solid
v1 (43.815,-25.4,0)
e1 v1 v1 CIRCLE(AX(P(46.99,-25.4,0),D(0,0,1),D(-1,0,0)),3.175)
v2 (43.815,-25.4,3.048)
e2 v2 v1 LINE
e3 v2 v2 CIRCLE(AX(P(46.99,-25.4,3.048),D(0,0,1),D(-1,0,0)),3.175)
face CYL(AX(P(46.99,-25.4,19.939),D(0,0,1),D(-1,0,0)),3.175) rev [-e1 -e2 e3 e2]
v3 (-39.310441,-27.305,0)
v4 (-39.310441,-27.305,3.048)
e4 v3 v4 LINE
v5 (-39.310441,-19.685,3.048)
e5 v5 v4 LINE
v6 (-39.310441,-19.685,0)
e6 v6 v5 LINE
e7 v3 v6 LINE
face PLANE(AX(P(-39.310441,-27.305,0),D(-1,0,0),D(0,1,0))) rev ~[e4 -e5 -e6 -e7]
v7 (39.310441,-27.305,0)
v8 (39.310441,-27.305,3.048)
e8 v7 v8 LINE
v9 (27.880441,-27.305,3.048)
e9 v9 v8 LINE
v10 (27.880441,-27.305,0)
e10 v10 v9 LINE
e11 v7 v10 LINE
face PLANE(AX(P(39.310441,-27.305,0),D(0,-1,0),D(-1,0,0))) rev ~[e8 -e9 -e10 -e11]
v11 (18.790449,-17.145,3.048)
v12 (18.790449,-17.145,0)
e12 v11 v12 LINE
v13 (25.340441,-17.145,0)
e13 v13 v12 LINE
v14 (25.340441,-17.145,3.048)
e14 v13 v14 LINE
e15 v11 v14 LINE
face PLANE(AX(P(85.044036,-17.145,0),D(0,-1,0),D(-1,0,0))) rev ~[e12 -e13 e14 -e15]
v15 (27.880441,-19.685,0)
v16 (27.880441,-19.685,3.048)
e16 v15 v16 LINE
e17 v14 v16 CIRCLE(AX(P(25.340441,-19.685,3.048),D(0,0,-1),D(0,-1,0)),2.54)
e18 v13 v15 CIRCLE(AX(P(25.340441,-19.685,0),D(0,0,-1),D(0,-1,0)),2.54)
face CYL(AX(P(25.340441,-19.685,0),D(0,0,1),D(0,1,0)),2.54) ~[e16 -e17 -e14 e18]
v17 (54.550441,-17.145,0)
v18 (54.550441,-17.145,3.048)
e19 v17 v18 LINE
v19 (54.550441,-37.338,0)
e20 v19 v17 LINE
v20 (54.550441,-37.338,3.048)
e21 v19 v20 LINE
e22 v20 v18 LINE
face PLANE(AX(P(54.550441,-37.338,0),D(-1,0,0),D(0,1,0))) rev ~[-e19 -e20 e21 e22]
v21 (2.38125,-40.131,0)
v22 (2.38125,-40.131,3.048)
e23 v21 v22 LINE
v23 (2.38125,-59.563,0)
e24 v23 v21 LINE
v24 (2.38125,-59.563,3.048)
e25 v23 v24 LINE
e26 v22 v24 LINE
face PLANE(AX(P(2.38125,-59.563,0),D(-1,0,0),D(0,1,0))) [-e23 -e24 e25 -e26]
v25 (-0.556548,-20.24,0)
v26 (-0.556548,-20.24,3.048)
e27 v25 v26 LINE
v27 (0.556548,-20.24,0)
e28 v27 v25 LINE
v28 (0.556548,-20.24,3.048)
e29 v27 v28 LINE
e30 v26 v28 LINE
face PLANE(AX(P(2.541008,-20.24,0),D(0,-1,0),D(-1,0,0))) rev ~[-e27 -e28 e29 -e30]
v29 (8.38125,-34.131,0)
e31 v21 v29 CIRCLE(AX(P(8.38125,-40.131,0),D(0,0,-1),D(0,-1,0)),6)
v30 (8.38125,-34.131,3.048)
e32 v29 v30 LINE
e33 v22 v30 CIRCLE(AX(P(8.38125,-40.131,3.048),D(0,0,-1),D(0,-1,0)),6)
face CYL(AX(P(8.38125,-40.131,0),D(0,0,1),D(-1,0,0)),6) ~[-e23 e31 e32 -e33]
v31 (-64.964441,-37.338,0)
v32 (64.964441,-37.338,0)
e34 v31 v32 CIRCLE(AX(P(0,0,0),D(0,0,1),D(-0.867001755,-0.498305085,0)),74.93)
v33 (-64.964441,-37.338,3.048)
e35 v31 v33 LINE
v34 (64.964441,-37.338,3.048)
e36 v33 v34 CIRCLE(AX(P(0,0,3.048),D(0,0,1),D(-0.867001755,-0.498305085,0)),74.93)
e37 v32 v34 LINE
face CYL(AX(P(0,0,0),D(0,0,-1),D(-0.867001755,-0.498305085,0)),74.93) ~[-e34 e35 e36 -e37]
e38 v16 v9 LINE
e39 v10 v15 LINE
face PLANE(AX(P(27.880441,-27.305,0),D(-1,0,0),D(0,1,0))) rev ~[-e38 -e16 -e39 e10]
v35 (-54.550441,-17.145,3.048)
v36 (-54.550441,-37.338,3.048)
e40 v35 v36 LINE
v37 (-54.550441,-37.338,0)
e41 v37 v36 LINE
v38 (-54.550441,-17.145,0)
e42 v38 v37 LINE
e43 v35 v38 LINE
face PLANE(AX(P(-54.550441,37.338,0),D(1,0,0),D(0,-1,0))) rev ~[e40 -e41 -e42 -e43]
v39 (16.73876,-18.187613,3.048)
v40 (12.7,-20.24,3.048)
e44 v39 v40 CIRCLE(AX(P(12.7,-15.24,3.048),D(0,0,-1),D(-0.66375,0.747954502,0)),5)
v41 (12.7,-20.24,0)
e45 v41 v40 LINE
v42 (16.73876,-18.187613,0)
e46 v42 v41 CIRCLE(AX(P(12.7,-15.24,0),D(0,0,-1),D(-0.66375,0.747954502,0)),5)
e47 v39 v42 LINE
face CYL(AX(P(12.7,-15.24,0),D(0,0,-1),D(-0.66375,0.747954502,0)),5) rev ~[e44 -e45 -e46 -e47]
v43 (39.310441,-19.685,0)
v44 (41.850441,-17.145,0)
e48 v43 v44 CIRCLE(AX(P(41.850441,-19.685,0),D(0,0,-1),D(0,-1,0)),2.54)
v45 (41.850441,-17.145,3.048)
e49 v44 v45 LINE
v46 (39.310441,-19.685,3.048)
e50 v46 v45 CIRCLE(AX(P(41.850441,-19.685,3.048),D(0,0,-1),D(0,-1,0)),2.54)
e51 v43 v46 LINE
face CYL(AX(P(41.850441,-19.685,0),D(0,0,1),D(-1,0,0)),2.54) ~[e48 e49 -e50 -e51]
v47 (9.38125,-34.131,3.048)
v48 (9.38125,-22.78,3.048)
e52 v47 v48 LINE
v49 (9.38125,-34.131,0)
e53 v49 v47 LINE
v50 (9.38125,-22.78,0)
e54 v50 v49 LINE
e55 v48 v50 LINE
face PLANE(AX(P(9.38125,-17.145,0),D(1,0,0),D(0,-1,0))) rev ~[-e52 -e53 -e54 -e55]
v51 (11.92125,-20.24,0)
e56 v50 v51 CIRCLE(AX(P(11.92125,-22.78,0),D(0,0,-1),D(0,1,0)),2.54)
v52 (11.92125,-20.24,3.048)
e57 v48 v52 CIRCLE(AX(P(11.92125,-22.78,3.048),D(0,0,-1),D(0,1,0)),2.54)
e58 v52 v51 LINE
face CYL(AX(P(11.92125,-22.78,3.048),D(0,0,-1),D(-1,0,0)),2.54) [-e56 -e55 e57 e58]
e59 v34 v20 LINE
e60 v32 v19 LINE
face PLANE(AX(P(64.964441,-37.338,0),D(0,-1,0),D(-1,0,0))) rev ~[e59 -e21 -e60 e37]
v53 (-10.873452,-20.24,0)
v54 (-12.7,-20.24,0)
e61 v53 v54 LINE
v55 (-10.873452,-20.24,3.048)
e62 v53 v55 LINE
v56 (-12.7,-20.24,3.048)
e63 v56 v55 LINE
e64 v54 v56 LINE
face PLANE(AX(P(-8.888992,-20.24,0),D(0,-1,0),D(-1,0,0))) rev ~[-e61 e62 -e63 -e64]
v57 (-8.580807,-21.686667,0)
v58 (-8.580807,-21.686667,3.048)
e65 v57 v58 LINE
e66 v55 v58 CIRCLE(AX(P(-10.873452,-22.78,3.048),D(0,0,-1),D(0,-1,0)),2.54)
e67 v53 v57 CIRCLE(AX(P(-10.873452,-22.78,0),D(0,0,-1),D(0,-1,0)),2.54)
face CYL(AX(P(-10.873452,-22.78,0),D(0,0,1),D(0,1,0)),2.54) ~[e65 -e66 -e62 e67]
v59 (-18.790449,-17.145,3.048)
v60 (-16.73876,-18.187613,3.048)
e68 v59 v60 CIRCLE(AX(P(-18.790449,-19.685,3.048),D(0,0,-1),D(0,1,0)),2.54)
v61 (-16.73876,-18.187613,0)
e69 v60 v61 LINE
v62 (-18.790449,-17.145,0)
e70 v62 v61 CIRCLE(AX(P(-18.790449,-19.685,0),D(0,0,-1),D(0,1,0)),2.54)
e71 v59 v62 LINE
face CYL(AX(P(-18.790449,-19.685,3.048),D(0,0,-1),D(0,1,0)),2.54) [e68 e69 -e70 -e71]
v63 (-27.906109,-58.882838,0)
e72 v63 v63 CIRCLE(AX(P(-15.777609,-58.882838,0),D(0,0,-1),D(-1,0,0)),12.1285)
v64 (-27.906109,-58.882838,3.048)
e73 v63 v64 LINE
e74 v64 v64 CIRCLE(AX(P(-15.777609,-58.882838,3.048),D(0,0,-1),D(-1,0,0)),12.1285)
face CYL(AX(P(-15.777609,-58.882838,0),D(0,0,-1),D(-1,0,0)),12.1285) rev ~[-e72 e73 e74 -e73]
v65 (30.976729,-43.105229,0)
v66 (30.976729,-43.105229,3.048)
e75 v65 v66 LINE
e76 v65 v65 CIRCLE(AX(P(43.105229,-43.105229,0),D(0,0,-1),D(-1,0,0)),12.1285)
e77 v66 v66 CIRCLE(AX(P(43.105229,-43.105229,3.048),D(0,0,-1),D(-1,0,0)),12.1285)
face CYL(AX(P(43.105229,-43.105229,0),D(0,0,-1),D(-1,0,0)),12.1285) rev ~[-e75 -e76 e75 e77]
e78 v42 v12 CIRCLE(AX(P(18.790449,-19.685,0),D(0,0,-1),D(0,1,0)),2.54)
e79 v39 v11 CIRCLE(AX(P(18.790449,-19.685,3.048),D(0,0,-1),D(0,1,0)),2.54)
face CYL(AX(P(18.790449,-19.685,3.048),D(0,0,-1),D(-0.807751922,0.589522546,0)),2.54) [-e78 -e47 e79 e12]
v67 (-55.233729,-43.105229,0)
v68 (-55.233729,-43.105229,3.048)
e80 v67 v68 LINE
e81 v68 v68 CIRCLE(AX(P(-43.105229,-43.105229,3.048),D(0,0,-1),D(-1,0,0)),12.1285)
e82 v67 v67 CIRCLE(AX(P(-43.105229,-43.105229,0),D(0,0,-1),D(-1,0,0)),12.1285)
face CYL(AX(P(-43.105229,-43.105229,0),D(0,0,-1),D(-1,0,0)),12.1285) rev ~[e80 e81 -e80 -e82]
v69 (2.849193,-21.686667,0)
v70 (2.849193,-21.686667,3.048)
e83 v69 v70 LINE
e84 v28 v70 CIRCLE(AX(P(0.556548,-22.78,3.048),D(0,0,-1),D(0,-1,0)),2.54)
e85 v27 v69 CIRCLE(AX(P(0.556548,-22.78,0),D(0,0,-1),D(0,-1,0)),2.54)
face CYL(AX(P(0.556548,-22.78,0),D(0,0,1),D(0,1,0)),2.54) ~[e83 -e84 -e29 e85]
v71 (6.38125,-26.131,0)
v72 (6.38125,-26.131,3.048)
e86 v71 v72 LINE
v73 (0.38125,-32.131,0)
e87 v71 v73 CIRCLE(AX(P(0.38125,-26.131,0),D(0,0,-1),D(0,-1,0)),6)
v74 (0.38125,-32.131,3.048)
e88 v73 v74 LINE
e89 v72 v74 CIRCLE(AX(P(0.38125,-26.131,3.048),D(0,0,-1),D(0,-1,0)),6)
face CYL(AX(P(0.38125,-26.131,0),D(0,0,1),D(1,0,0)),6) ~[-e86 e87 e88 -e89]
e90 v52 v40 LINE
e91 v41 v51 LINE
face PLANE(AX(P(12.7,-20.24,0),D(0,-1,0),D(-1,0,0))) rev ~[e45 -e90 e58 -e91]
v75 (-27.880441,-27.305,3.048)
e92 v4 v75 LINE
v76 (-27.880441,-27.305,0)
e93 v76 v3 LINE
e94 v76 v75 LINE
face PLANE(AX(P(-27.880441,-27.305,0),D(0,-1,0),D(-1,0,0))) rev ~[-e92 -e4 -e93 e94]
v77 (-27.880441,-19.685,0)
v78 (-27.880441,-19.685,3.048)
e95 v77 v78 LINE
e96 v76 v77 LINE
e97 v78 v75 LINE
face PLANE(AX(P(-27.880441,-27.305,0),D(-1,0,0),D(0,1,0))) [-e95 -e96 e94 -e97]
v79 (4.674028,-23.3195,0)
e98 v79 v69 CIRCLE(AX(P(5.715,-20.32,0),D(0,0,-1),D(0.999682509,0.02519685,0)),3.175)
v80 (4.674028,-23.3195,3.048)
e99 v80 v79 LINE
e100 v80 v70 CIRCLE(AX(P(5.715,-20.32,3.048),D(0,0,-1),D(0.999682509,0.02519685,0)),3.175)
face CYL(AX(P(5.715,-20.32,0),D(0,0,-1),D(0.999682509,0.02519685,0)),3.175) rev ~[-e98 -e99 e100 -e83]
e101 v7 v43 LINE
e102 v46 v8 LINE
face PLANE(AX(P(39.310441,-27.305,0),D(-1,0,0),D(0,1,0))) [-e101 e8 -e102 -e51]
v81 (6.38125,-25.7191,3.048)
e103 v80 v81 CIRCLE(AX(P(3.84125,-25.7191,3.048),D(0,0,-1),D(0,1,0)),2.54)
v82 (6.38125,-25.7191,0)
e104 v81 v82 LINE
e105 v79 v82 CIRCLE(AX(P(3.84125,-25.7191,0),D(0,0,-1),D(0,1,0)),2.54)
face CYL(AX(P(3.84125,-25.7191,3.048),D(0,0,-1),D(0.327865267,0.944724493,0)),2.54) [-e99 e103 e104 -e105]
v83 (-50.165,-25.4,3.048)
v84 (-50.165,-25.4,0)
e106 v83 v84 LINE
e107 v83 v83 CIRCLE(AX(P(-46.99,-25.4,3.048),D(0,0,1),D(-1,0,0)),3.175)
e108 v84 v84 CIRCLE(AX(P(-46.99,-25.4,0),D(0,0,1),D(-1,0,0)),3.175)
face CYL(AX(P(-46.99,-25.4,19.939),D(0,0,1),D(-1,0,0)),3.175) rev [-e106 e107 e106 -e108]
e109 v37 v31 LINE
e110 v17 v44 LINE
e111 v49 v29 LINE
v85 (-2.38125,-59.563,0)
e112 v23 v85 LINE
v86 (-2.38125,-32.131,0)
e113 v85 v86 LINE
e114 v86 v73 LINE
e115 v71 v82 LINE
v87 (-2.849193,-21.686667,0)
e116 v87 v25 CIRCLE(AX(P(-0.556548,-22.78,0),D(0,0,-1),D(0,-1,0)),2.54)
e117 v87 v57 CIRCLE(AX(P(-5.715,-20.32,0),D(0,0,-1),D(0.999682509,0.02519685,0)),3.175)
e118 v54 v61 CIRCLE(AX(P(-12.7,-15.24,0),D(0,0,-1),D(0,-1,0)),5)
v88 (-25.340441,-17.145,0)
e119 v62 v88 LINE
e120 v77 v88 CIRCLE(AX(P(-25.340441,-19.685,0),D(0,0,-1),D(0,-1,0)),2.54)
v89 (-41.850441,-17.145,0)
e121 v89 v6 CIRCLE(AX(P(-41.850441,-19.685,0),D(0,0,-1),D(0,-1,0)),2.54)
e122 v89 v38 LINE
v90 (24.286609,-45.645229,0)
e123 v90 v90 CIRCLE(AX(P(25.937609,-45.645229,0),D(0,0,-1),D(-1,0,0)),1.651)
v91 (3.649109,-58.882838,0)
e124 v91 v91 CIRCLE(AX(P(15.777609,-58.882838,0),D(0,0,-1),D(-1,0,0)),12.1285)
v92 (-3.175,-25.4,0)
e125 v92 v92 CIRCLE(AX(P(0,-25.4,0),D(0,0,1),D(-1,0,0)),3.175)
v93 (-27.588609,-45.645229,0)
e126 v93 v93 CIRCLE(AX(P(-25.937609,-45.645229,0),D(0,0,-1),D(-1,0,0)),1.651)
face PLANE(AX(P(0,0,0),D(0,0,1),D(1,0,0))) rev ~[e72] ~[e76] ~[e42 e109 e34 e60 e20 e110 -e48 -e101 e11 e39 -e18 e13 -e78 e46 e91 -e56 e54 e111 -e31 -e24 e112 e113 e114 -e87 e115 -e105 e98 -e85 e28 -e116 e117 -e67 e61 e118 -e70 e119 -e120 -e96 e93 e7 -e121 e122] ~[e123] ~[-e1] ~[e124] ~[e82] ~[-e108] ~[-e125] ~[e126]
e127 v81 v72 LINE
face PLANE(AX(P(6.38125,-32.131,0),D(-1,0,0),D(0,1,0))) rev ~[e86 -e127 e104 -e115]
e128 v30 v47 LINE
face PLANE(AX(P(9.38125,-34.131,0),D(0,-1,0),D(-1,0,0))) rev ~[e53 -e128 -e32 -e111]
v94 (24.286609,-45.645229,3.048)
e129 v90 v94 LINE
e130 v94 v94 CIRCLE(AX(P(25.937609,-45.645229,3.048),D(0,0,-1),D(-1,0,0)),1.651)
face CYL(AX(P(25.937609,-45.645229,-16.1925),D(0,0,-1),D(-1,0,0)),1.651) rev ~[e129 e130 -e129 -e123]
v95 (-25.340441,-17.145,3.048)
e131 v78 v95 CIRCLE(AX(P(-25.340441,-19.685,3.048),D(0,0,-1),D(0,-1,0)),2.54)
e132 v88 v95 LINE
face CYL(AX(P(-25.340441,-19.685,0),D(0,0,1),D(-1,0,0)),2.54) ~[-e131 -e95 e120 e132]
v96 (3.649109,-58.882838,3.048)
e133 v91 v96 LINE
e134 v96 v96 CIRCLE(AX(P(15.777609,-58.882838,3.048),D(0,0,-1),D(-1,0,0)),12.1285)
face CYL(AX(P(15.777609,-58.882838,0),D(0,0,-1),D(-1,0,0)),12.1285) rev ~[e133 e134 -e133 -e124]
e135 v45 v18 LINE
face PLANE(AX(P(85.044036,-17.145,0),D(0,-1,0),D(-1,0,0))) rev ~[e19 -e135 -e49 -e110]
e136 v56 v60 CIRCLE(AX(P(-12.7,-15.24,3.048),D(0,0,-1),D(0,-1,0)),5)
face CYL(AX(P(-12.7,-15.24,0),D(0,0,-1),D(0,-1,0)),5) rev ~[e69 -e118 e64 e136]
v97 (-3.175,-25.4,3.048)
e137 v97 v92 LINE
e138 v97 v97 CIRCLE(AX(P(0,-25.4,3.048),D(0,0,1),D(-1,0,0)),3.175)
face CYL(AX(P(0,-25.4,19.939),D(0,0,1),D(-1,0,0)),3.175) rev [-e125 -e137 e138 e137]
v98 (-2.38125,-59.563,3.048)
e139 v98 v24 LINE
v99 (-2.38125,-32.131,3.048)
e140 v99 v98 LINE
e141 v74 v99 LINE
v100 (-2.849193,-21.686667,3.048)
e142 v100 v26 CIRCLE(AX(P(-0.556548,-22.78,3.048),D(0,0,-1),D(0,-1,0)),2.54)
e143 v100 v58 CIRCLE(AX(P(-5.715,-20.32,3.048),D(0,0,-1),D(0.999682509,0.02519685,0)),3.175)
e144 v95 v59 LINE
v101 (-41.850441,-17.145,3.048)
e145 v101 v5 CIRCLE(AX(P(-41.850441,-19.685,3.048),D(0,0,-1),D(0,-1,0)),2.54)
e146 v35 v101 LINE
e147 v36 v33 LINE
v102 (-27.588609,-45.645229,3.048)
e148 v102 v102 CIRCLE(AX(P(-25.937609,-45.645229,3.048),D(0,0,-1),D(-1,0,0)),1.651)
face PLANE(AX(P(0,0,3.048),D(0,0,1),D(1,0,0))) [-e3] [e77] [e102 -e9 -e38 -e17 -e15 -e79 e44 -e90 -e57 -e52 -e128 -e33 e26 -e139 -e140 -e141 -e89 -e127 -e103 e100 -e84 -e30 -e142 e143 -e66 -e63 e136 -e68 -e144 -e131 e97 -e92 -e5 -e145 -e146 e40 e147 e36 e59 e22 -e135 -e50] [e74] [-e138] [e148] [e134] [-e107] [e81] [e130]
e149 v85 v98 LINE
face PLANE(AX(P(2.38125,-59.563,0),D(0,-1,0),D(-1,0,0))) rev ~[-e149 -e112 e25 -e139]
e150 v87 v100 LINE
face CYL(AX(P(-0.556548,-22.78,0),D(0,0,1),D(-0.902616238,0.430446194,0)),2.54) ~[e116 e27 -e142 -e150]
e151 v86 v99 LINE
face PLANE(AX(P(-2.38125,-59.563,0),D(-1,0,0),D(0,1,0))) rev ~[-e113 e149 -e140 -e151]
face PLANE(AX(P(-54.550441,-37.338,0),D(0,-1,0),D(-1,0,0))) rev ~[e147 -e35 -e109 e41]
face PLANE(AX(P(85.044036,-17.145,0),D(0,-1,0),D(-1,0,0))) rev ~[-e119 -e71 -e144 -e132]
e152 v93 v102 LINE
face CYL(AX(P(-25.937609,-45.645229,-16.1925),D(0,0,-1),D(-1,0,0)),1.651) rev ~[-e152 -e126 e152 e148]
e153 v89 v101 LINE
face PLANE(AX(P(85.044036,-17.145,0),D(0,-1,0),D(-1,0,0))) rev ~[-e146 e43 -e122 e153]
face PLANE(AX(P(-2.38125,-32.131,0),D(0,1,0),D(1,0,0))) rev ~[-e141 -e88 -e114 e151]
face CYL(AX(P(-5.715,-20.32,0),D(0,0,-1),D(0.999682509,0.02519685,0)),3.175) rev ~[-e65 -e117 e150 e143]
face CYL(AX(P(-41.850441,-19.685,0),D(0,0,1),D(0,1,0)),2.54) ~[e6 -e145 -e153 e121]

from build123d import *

# Parameters (mm, degrees)
SKETCH1_R                 = 1.651
BOSS_EXTRUDE2_DEPTH       = 3.048
SKETCH2_R                 = 1.143
CUT_EXTRUDE1_DEPTH        = 4.048
SKETCH3_R                 = 12.1285
CUT_EXTRUDE2_DEPTH        = 4.048
SKETCH4_W                 = 28.562713242
SKETCH4_H                 = 11.677503754
BOSS_EXTRUDE3_DEPTH       = 3.048
SKETCH5_W                 = 216.7214489
SKETCH5_H                 = 130.569220634
CUT_EXTRUDE4_DEPTH        = 4.048
SKETCH6_W                 = 4.7625
SKETCH6_H                 = 27.432
CUT_EXTRUDE5_DEPTH        = 4.048
SKETCH10_W                = 11.43
SKETCH10_H                = 10.16
CUT_EXTRUDE9_DEPTH        = 4.048
FILLET1_R                 = 6
FILLET2_R                 = 6
SKETCH66_R                = 1.651
CUT_EXTRUDE65_DEPTH       = 97.79
SKETCH120_R               = 3.175
CUT_EXTRUDE119_DEPTH      = 103.378
CUT_EXTRUDE119_DEPTH_BACK = 48.768
CUT_EXTRUDE12_DEPTH       = 10
FILLET3_R                 = 2.54


with BuildPart() as part:
    # Sketch1 → Boss-Extrude2 (new body)
    with BuildSketch(Plane.XY):
        with BuildLine():
            Line((-64.964441474, 37.338), (-54.550441474, 37.338))
            Line((-54.550441474, 37.338), (-54.550441474, -37.338))
            Line((-54.550441474, -37.338), (-64.964441474, -37.338))
            ThreePointArc((-64.964441474, -37.338), (0, -74.93), (64.964441474, -37.338))
            Line((64.964441474, -37.338), (54.550441474, -37.338))
            Line((54.550441474, -37.338), (54.550441474, 37.338))
            Line((54.550441474, 37.338), (64.964441474, 37.338))
            ThreePointArc((64.964441474, 37.338), (0, 74.93), (-64.964441474, 37.338))
        make_face()
        with Locations((-46.482, 11.049)):
            Circle(SKETCH1_R, mode=Mode.SUBTRACT)
        with Locations((-21.083270032, 10.795)):
            Circle(SKETCH1_R, mode=Mode.SUBTRACT)
        with Locations((-21.083270032, -10.795)):
            Circle(SKETCH1_R, mode=Mode.SUBTRACT)
        with Locations((-46.482, -11.049)):
            Circle(SKETCH1_R, mode=Mode.SUBTRACT)
        with Locations((46.482, -11.049)):
            Circle(SKETCH1_R, mode=Mode.SUBTRACT)
        with Locations((21.083270032, -10.795)):
            Circle(SKETCH1_R, mode=Mode.SUBTRACT)
        with Locations((21.083270032, 10.795)):
            Circle(SKETCH1_R, mode=Mode.SUBTRACT)
        with Locations((46.482, 11.049)):
            Circle(SKETCH1_R, mode=Mode.SUBTRACT)
    extrude(amount=BOSS_EXTRUDE2_DEPTH)

    # Sketch2 → Cut-Extrude1 (cut, through all)
    with BuildSketch(Plane.XY.offset(3.048)):
        with Locations((-6.731, 62.23)):
            Circle(SKETCH2_R)
        with Locations((6.731, 62.23)):
            Circle(SKETCH2_R)
    extrude(amount=-CUT_EXTRUDE1_DEPTH, mode=Mode.SUBTRACT)

    # Sketch3 → Cut-Extrude2 (cut, through all)
    with BuildSketch(Plane(origin=(0, 0, 0), x_dir=(-1, 0, 0), z_dir=(0, 0, -1))):
        with Locations((-15.777608989, -58.882838371)):
            Circle(SKETCH3_R)
        with Locations((15.777608989, -58.882838371)):
            Circle(SKETCH3_R)
        with Locations((-43.105229381, -43.105229381)):
            Circle(SKETCH3_R)
        with Locations((19.05, 32.995567884)):
            Circle(SKETCH3_R)
        with Locations((-43.105229381, 43.105229381)):
            Circle(SKETCH3_R)
        with Locations((43.105229381, 43.105229381)):
            Circle(SKETCH3_R)
        with Locations((-19.05, 32.995567884)):
            Circle(SKETCH3_R)
        with Locations((43.105229381, -43.105229381)):
            Circle(SKETCH3_R)
    extrude(amount=-CUT_EXTRUDE2_DEPTH, mode=Mode.SUBTRACT)

    # Sketch4 → Boss-Extrude3 (add)
    with BuildSketch(Plane(origin=(0, 0, 0), x_dir=(-1, 0, 0), z_dir=(0, 0, -1))):
        with Locations((-1.488809975, 62.152540216)):
            Rectangle(SKETCH4_W, SKETCH4_H)
    extrude(amount=-BOSS_EXTRUDE3_DEPTH)

    # Sketch5 → Cut-Extrude4 (cut, through all)
    with BuildSketch(Plane(origin=(0, 0, 0), x_dir=(-1, 0, 0), z_dir=(0, 0, -1))):
        with Locations((23.316688373, 48.139610317)):
            Rectangle(SKETCH5_W, SKETCH5_H)
    extrude(amount=-CUT_EXTRUDE4_DEPTH, mode=Mode.SUBTRACT)

    # Sketch6 → Cut-Extrude5 (cut, through all)
    with BuildSketch(Plane(origin=(0, 0, 0), x_dir=(-1, 0, 0), z_dir=(0, 0, -1))):
        with Locations((0, -45.847)):
            Rectangle(SKETCH6_W, SKETCH6_H)
        Polygon((-2.38125, -34.131), (-2.38125, -32.131), (-6.38125, -32.131), (-6.38125, -17.145), (-9.38125, -17.145), (-9.38125, -34.131), align=None)
    extrude(amount=-CUT_EXTRUDE5_DEPTH, mode=Mode.SUBTRACT)

    # Sketch10 → Cut-Extrude9 (cut, through all)
    with BuildSketch(Plane(origin=(0, 0, 0), x_dir=(-1, 0, 0), z_dir=(0, 0, -1))):
        with Locations((-33.595441474, -22.225)):
            Rectangle(SKETCH10_W, SKETCH10_H)
        with Locations((33.595441474, -22.225)):
            Rectangle(SKETCH10_W, SKETCH10_H)
    extrude(amount=-CUT_EXTRUDE9_DEPTH, mode=Mode.SUBTRACT)

    # Fillet1
    fillet1_edges = [part.edges().sort_by_distance(p)[0] for p in [
        (6.38125, -32.131, 1.524),
    ]]
    fillet(fillet1_edges, radius=FILLET1_R)

    # Fillet2
    fillet2_edges = [part.edges().sort_by_distance(p)[0] for p in [
        (2.38125, -34.131, 1.524),
    ]]
    fillet(fillet2_edges, radius=FILLET2_R)

    # Sketch66 → Cut-Extrude65 (cut)
    with BuildSketch(Plane(origin=(30.092005081, 4.08352975, -16.1925), x_dir=(-1, 0, 0), z_dir=(0, 0, -1))):
        with Locations((4.154396091, -49.728759131)):
            Circle(SKETCH66_R)
        with Locations((56.02961407, -49.728759131)):
            Circle(SKETCH66_R)
    extrude(amount=-CUT_EXTRUDE65_DEPTH, mode=Mode.SUBTRACT)

    # Sketch120 → Cut-Extrude119 (cut, two sides)
    with BuildSketch(Plane(origin=(30.092005081, 4.08352975, 19.939), x_dir=(-1, 0, 0), z_dir=(0, 0, -1))) as cut_extrude119_sk:
        with Locations((77.082005081, -29.48352975)):
            Circle(SKETCH120_R)
        with Locations((30.092005081, -29.48352975)):
            Circle(SKETCH120_R)
        with Locations((-16.897994919, -29.48352975)):
            Circle(SKETCH120_R)
    extrude(amount=CUT_EXTRUDE119_DEPTH, mode=Mode.SUBTRACT)
    extrude(cut_extrude119_sk.sketch, amount=-CUT_EXTRUDE119_DEPTH_BACK, mode=Mode.SUBTRACT)

    # Sketch13 → Cut-Extrude12 (cut)
    with BuildSketch(Plane(origin=(0, 0, 0), x_dir=(-1, 0, 0), z_dir=(0, 0, -1))):
        with BuildLine():
            Line((-12.7, -20.24), (-8.888991966, -20.24))
            ThreePointArc((-8.888991966, -20.24), (-5.715, -23.495), (-2.541008034, -20.24))
            Line((-2.541008034, -20.24), (2.541008034, -20.24))
            ThreePointArc((2.541008034, -20.24), (5.715, -23.495), (8.888991966, -20.24))
            Line((8.888991966, -20.24), (12.7, -20.24))
            ThreePointArc((12.7, -20.24), (16.235533906, -11.704466094), (7.7, -15.24))
            Line((7.7, -15.24), (-1.0625, -15.24))
            ThreePointArc((-1.0625, -15.24), (-4.012347567, -10.679640913), (-9.38125, -11.500227489))
            ThreePointArc((-9.38125, -11.500227489), (-17.374337523, -13.465015853), (-12.7, -20.24))
        make_face()
    extrude(amount=-CUT_EXTRUDE12_DEPTH, mode=Mode.SUBTRACT)

    # Fillet3
    fillet3_edges = [part.edges().sort_by_distance(p)[0] for p in [
        (39.310441474, -17.145, 1.524),
        (27.880441474, -17.145, 1.524),
        (-27.880441474, -17.145, 1.524),
        (-39.310441474, -17.145, 1.524),
        (6.38125, -23.424309253, 1.524),
        (9.38125, -20.24, 1.524),
        (17.322875188, -17.145, 1.524),
        (-17.322875188, -17.145, 1.524),
        (-8.888991966, -20.24, 1.524),
        (-2.541008034, -20.24, 1.524),
        (2.541008034, -20.24, 1.524),
    ]]
    fillet(fillet3_edges, radius=FILLET3_R)


solid = part.part
